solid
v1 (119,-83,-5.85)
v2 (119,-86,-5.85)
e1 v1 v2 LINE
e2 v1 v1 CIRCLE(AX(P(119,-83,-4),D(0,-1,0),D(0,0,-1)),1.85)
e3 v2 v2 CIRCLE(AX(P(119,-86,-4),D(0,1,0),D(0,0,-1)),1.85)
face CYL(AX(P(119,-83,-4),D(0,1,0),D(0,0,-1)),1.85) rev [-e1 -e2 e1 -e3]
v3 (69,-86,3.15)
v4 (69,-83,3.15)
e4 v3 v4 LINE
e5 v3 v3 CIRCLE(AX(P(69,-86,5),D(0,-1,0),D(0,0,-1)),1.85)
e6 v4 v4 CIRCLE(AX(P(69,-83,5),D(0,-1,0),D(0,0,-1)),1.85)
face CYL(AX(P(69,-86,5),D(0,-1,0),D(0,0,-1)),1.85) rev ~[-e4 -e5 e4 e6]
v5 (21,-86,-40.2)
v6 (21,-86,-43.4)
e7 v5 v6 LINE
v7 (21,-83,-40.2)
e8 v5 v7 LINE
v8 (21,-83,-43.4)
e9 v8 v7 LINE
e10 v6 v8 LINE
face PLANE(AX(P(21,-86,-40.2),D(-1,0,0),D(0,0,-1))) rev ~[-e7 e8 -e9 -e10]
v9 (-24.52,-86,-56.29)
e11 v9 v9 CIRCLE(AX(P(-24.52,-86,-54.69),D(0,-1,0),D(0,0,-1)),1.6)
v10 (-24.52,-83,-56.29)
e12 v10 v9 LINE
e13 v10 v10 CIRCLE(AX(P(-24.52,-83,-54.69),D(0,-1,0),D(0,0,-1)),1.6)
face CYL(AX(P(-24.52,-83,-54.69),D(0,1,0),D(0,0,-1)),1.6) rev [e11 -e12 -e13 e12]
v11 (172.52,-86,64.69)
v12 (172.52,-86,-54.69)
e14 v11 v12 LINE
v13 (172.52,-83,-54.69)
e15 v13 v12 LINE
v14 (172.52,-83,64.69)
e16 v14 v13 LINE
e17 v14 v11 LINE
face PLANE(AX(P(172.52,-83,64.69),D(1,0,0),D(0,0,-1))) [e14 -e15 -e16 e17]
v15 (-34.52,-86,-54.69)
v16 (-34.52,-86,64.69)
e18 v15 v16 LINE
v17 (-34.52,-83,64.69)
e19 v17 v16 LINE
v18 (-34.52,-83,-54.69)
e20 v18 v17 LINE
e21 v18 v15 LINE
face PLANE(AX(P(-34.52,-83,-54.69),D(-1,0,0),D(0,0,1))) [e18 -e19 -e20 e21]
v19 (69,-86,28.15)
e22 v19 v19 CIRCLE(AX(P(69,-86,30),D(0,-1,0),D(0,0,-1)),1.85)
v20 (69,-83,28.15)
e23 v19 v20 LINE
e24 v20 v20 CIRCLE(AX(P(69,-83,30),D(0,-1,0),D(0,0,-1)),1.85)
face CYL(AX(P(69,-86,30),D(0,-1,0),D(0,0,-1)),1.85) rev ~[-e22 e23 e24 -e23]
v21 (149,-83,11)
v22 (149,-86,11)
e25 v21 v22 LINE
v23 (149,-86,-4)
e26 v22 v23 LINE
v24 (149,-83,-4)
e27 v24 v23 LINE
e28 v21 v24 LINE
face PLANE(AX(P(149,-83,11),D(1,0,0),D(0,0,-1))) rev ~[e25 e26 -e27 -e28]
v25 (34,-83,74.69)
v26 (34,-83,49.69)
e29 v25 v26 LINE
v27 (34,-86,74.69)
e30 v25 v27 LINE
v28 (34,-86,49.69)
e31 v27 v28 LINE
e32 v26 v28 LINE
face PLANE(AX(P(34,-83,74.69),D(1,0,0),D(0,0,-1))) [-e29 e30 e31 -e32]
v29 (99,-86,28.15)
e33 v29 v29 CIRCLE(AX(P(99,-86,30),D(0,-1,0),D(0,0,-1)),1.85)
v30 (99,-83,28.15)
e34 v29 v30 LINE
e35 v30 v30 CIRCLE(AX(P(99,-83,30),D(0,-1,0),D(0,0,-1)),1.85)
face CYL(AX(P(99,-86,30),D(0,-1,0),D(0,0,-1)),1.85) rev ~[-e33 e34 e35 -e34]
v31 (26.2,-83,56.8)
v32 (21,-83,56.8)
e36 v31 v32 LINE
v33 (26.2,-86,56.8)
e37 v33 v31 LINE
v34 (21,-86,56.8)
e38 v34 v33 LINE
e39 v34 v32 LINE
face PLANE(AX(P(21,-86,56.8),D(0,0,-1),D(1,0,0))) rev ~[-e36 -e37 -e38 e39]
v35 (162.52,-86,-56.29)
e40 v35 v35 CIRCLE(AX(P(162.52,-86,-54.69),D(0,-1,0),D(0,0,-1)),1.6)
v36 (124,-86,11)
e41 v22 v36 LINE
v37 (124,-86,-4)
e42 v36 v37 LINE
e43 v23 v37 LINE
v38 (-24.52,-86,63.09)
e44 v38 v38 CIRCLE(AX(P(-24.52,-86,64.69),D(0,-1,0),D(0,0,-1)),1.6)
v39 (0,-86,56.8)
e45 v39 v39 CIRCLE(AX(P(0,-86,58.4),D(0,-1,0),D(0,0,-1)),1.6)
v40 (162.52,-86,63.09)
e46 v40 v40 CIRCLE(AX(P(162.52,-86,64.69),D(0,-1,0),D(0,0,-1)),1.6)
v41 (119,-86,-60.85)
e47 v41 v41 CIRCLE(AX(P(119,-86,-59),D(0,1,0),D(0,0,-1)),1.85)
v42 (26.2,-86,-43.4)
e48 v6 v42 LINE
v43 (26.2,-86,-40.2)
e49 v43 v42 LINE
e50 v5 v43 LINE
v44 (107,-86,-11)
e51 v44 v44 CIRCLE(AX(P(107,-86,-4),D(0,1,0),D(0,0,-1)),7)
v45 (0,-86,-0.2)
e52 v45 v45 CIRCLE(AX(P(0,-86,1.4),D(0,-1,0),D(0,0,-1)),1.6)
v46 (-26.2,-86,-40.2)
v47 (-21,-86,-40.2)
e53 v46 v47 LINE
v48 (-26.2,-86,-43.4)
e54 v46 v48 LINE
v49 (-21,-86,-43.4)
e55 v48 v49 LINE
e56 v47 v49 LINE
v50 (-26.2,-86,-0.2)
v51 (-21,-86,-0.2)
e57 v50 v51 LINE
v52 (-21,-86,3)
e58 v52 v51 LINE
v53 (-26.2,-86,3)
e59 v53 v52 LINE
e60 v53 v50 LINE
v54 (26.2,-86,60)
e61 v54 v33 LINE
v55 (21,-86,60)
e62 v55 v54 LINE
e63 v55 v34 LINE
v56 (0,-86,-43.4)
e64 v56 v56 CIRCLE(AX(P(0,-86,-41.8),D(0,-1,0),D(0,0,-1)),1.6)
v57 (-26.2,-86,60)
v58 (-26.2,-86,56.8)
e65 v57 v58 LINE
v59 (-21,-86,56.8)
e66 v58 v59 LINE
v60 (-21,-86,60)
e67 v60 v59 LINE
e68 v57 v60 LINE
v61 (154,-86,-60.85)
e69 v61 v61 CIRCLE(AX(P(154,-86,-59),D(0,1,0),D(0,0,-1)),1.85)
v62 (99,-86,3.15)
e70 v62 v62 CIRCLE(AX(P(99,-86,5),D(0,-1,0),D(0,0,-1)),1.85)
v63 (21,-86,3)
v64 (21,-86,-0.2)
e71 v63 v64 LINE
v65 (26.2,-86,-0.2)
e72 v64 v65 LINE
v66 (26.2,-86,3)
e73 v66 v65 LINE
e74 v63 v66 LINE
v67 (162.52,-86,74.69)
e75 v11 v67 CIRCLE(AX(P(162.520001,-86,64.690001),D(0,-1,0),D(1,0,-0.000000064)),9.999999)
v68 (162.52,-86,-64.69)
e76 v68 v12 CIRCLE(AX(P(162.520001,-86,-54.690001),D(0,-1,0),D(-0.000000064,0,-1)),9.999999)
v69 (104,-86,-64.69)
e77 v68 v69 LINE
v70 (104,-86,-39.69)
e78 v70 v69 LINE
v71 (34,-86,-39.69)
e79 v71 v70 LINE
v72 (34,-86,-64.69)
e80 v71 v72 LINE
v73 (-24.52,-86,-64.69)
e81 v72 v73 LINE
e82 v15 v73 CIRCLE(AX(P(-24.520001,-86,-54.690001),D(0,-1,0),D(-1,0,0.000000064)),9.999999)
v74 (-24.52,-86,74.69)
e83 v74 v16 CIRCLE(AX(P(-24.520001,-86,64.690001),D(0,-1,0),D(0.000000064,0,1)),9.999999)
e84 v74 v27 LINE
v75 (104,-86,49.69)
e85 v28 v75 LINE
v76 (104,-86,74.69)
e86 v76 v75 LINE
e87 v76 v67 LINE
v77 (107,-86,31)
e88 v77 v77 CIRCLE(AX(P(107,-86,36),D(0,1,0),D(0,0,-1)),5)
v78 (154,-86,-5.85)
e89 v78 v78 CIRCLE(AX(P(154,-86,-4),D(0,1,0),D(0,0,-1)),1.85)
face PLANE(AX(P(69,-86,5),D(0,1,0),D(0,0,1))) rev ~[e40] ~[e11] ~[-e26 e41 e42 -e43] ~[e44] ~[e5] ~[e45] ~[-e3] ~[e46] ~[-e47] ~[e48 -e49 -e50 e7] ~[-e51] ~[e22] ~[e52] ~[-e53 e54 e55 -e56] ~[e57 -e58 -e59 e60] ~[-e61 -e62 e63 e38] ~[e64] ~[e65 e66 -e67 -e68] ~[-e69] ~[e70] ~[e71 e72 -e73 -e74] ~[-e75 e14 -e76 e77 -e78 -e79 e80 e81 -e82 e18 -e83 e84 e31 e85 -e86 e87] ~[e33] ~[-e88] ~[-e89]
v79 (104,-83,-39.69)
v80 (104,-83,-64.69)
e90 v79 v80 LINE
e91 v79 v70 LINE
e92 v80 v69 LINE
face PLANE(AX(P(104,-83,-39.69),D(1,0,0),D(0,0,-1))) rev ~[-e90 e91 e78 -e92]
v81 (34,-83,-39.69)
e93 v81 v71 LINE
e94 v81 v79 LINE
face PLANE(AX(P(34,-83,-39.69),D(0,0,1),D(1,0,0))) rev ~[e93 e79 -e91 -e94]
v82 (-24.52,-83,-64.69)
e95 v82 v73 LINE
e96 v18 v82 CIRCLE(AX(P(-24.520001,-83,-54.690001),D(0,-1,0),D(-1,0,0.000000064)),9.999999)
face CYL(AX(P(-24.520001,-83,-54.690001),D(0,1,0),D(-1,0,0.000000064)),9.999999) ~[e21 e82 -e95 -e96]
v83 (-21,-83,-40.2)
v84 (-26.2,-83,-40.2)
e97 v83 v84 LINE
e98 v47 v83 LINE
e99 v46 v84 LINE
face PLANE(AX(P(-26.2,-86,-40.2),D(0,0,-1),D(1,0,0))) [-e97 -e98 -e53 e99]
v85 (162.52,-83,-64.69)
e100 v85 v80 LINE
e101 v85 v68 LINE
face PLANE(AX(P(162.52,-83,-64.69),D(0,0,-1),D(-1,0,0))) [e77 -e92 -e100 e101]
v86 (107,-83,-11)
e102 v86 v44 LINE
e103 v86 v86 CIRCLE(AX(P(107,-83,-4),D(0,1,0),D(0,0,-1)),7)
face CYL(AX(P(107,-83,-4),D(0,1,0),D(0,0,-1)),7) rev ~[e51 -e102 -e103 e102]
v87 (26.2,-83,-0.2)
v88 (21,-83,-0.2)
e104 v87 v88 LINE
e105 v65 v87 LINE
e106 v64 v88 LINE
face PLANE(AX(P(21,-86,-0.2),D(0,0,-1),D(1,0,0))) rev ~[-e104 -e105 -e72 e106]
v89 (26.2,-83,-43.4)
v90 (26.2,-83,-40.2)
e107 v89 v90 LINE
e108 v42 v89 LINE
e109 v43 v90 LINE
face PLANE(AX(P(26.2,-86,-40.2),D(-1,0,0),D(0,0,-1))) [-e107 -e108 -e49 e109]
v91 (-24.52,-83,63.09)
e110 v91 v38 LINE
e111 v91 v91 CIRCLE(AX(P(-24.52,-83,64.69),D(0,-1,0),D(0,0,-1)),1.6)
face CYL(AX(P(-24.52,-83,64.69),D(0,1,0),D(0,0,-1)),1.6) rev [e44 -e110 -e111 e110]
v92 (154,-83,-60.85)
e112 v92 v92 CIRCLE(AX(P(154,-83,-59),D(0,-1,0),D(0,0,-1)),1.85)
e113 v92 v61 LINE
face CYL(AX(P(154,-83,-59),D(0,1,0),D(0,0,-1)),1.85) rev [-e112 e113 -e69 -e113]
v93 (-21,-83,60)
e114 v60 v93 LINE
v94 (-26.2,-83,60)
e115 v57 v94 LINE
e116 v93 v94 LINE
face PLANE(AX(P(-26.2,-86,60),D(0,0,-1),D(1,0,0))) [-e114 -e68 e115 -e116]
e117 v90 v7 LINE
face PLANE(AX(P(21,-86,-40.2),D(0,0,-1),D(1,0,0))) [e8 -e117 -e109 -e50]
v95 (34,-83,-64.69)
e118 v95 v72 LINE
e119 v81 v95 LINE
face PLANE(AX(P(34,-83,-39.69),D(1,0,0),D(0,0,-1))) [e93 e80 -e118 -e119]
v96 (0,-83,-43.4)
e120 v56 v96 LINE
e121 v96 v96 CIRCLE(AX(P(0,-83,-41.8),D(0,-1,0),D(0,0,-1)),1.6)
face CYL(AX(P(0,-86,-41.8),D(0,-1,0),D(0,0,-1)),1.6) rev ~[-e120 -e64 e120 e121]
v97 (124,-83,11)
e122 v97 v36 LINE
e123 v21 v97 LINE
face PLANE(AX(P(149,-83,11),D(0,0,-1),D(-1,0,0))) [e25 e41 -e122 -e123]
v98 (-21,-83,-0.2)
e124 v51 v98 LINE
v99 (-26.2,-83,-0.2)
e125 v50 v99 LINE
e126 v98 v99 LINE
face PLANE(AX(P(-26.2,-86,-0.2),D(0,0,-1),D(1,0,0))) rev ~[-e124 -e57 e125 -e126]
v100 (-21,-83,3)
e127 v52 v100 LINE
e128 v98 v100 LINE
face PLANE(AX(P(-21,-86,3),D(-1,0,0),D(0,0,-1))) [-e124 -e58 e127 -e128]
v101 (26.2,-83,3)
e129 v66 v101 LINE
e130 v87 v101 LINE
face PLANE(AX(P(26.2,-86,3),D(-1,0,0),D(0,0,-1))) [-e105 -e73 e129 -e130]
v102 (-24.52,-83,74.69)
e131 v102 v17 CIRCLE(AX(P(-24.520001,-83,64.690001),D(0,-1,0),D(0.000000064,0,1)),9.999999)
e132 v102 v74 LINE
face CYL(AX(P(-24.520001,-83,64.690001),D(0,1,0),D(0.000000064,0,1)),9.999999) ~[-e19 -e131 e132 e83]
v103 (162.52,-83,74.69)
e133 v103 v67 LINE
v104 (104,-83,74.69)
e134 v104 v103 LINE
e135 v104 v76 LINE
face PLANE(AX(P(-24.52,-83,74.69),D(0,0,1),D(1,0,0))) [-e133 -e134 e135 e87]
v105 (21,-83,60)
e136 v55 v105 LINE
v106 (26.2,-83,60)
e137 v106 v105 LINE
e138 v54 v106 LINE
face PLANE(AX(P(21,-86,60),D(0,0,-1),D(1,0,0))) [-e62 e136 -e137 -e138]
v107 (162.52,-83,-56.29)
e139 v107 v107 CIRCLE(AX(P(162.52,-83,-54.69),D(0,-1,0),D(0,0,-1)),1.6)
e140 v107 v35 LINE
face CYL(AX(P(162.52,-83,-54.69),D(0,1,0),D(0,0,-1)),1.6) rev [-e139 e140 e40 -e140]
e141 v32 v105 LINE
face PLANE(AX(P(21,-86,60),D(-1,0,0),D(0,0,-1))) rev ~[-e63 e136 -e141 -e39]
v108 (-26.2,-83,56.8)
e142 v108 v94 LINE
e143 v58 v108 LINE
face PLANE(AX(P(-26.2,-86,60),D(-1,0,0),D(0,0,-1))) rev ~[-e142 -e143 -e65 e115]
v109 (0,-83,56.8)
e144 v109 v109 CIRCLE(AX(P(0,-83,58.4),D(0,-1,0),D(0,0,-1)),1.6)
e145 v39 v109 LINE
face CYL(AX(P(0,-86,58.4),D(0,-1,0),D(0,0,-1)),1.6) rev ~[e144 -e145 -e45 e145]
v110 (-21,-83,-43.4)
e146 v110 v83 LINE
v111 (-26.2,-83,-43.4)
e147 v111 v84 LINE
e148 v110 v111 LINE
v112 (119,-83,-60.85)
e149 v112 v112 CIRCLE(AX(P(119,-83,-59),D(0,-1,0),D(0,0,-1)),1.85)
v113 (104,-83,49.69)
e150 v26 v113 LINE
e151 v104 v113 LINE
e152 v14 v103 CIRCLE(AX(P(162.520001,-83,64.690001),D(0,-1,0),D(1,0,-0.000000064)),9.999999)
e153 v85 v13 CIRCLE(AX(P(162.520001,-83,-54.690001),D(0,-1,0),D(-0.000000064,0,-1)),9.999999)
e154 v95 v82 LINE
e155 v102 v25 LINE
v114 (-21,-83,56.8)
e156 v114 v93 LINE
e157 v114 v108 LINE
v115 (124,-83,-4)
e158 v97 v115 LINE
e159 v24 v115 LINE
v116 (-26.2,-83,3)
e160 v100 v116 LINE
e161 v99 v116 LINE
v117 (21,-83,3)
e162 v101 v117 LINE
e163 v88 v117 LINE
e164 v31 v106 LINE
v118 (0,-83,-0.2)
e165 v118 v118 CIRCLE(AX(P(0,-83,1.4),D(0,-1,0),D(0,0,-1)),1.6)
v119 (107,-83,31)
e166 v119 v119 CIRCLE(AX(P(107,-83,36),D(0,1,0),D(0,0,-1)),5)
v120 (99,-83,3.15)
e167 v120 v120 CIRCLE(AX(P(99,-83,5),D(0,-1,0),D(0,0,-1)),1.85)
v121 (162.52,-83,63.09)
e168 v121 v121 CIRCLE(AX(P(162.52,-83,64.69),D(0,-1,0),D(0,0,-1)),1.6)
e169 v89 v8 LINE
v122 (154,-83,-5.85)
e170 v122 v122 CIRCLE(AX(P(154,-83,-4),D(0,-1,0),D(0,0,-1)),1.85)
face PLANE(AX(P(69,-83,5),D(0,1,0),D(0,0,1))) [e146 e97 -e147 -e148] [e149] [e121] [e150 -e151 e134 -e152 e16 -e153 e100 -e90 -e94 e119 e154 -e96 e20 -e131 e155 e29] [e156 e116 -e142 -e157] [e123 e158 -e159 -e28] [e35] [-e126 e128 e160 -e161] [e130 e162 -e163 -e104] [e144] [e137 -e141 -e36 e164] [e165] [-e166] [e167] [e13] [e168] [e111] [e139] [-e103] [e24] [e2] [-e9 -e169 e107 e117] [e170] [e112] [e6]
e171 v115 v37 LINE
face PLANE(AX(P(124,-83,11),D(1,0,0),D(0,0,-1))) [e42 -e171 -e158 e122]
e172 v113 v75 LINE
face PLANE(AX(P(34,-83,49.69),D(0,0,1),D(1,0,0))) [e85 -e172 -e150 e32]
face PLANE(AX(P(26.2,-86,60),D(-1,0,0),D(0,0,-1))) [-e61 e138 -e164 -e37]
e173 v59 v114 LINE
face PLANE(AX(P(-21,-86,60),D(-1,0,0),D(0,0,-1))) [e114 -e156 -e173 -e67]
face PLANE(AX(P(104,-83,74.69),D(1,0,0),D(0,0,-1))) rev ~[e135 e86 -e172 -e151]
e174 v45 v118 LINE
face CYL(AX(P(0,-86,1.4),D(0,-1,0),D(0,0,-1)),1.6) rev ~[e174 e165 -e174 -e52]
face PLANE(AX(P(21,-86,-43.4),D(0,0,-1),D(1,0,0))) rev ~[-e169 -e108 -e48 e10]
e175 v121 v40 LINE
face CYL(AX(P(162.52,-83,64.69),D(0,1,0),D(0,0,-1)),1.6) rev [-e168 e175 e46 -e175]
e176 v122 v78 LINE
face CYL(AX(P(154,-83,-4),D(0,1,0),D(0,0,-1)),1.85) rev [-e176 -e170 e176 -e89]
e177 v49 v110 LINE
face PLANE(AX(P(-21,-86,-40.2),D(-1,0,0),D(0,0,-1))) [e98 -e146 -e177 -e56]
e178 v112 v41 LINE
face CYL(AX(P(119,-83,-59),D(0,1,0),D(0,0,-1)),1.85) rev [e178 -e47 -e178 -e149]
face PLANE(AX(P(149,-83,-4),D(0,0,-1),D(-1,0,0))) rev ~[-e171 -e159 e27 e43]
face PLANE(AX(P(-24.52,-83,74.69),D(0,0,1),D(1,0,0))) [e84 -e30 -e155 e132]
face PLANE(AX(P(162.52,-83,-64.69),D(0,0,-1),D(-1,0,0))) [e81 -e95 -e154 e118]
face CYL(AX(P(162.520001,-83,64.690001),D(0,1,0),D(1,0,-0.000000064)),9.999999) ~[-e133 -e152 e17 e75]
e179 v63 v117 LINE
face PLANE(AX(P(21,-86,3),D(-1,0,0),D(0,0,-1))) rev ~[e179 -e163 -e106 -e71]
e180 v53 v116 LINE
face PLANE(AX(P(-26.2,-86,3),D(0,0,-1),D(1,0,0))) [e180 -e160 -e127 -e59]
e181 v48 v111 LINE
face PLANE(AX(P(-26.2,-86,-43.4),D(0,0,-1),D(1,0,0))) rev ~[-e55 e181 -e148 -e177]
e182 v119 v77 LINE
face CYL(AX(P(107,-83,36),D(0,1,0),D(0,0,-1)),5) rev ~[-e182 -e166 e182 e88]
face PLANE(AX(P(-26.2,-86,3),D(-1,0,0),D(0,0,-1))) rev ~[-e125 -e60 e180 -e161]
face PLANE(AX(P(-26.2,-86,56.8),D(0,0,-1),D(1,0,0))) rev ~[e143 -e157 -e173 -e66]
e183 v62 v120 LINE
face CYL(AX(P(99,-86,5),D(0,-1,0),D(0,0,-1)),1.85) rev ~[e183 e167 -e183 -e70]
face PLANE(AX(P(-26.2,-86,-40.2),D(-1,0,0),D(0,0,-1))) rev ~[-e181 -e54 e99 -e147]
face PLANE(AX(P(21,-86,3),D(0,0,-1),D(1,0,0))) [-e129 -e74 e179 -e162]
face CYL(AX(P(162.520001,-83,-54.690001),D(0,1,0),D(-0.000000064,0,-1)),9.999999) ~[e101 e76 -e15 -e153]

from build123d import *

# Parameters (mm, degrees)
SKETCH009_R             = 1.6
PAD006_DEPTH            = 3
SKETCH010_W             = 25
SKETCH010_H             = 70
POCKET003_DEPTH         = 3.001
SKETCH011_R             = 1.85
POCKET004_DEPTH         = 3.001
SKETCH012_R             = 1.6
SKETCH012_W             = 3.2
SKETCH012_H             = 5.2
POCKET005_DEPTH         = 3.001
SKETCH013_R             = 1.85
POCKET006_DEPTH         = 3.001
SKETCH017_R             = 7
SKETCH017_R_2           = 5
SKETCH017_W             = 15
SKETCH017_H             = 25
POCKET010_DEPTH         = 3.001
BODY003_PLACEMENT_ANGLE = 90


with BuildPart() as part:
    # Sketch009 → Pad006 (new body)
    with BuildSketch(Plane.XZ):
        with BuildLine():
            Line((-59.69, 103.52), (59.69, 103.52))
            ThreePointArc((69.69, 93.52), (66.761068, 100.591068), (59.69, 103.52))
            Line((69.69, 93.52), (69.69, -93.52))
            ThreePointArc((59.69, -103.52), (66.761068, -100.591068), (69.69, -93.52))
            Line((59.69, -103.52), (-59.69, -103.52))
            ThreePointArc((-69.69, -93.52), (-66.761068, -100.591068), (-59.69, -103.52))
            Line((-69.69, -93.52), (-69.69, 93.52))
            ThreePointArc((-59.69, 103.52), (-66.761068, 100.591068), (-69.69, 93.52))
        make_face()
        with Locations((-59.69, 93.52)):
            Circle(SKETCH009_R, mode=Mode.SUBTRACT)
        with Locations((59.69, 93.52)):
            Circle(SKETCH009_R, mode=Mode.SUBTRACT)
        with Locations((59.69, -93.52)):
            Circle(SKETCH009_R, mode=Mode.SUBTRACT)
        with Locations((-59.69, -93.52)):
            Circle(SKETCH009_R, mode=Mode.SUBTRACT)
    extrude(amount=PAD006_DEPTH)

    # Sketch010 → Pocket003 (cut, through all)
    with BuildSketch(Plane.XZ):
        with Locations((-57.19, 0)):
            Rectangle(SKETCH010_W, SKETCH010_H)
        with Locations((57.19, 0)):
            Rectangle(SKETCH010_W, SKETCH010_H)
    extrude(amount=POCKET003_DEPTH, mode=Mode.SUBTRACT)

    # Sketch011 → Pocket004 (cut, through all)
    with BuildSketch(Plane.XZ):
        with Locations((9, 85)):
            Circle(SKETCH011_R)
        with Locations((64, 85)):
            Circle(SKETCH011_R)
        with Locations((64, 50)):
            Circle(SKETCH011_R)
        with Locations((9, 50)):
            Circle(SKETCH011_R)
    extrude(amount=POCKET004_DEPTH, mode=Mode.SUBTRACT)

    # Sketch012 (on Face4 of Pocket004) → Pocket005 (cut, through all)
    with BuildSketch(Plane.XZ.offset(3)):
        with Locations((-53.4, -69)):
            Circle(SKETCH012_R)
        with Locations((3.6, -69)):
            Circle(SKETCH012_R)
        with Locations((46.8, -69)):
            Circle(SKETCH012_R)
        with Locations((-53.4, -45.4)):
            Rectangle(SKETCH012_W, SKETCH012_H)
        with Locations((3.6, -45.4)):
            Rectangle(SKETCH012_W, SKETCH012_H)
        with Locations((3.6, -92.6)):
            Rectangle(SKETCH012_W, SKETCH012_H)
        with Locations((-53.4, -92.6)):
            Rectangle(SKETCH012_W, SKETCH012_H)
        with Locations((46.8, -45.4)):
            Rectangle(SKETCH012_W, SKETCH012_H)
        with Locations((46.8, -92.6)):
            Rectangle(SKETCH012_W, SKETCH012_H)
    extrude(amount=-POCKET005_DEPTH, mode=Mode.SUBTRACT)

    # Sketch013 (on Face4 of Pocket005) → Pocket006 (cut, through all)
    with BuildSketch(Plane.XZ.offset(3)):
        with Locations((-25, 30)):
            Circle(SKETCH013_R)
        with Locations((0, 30)):
            Circle(SKETCH013_R)
        Circle(SKETCH013_R)
        with Locations((-25, 0)):
            Circle(SKETCH013_R)
    extrude(amount=-POCKET006_DEPTH, mode=Mode.SUBTRACT)

    # Sketch017 → Pocket010 (cut, through all)
    with BuildSketch(Plane(origin=(0, 0, 0), x_dir=(1, 0, 0), z_dir=(0, 1, 0))):
        with Locations((9, -38)):
            Circle(SKETCH017_R)
        with Locations((-31, -38)):
            Circle(SKETCH017_R_2)
        with Locations((1.5, -67.5)):
            Rectangle(SKETCH017_W, SKETCH017_H)
    extrude(amount=-POCKET010_DEPTH, mode=Mode.SUBTRACT)


with BuildPart() as part_1:
    # Body003 placement: moved
    add(part.part.moved(Location((69, -83, 5))).rotate(Axis((69, -83, 5), (0, 1, 0)), BODY003_PLACEMENT_ANGLE))


solid = part_1.part
